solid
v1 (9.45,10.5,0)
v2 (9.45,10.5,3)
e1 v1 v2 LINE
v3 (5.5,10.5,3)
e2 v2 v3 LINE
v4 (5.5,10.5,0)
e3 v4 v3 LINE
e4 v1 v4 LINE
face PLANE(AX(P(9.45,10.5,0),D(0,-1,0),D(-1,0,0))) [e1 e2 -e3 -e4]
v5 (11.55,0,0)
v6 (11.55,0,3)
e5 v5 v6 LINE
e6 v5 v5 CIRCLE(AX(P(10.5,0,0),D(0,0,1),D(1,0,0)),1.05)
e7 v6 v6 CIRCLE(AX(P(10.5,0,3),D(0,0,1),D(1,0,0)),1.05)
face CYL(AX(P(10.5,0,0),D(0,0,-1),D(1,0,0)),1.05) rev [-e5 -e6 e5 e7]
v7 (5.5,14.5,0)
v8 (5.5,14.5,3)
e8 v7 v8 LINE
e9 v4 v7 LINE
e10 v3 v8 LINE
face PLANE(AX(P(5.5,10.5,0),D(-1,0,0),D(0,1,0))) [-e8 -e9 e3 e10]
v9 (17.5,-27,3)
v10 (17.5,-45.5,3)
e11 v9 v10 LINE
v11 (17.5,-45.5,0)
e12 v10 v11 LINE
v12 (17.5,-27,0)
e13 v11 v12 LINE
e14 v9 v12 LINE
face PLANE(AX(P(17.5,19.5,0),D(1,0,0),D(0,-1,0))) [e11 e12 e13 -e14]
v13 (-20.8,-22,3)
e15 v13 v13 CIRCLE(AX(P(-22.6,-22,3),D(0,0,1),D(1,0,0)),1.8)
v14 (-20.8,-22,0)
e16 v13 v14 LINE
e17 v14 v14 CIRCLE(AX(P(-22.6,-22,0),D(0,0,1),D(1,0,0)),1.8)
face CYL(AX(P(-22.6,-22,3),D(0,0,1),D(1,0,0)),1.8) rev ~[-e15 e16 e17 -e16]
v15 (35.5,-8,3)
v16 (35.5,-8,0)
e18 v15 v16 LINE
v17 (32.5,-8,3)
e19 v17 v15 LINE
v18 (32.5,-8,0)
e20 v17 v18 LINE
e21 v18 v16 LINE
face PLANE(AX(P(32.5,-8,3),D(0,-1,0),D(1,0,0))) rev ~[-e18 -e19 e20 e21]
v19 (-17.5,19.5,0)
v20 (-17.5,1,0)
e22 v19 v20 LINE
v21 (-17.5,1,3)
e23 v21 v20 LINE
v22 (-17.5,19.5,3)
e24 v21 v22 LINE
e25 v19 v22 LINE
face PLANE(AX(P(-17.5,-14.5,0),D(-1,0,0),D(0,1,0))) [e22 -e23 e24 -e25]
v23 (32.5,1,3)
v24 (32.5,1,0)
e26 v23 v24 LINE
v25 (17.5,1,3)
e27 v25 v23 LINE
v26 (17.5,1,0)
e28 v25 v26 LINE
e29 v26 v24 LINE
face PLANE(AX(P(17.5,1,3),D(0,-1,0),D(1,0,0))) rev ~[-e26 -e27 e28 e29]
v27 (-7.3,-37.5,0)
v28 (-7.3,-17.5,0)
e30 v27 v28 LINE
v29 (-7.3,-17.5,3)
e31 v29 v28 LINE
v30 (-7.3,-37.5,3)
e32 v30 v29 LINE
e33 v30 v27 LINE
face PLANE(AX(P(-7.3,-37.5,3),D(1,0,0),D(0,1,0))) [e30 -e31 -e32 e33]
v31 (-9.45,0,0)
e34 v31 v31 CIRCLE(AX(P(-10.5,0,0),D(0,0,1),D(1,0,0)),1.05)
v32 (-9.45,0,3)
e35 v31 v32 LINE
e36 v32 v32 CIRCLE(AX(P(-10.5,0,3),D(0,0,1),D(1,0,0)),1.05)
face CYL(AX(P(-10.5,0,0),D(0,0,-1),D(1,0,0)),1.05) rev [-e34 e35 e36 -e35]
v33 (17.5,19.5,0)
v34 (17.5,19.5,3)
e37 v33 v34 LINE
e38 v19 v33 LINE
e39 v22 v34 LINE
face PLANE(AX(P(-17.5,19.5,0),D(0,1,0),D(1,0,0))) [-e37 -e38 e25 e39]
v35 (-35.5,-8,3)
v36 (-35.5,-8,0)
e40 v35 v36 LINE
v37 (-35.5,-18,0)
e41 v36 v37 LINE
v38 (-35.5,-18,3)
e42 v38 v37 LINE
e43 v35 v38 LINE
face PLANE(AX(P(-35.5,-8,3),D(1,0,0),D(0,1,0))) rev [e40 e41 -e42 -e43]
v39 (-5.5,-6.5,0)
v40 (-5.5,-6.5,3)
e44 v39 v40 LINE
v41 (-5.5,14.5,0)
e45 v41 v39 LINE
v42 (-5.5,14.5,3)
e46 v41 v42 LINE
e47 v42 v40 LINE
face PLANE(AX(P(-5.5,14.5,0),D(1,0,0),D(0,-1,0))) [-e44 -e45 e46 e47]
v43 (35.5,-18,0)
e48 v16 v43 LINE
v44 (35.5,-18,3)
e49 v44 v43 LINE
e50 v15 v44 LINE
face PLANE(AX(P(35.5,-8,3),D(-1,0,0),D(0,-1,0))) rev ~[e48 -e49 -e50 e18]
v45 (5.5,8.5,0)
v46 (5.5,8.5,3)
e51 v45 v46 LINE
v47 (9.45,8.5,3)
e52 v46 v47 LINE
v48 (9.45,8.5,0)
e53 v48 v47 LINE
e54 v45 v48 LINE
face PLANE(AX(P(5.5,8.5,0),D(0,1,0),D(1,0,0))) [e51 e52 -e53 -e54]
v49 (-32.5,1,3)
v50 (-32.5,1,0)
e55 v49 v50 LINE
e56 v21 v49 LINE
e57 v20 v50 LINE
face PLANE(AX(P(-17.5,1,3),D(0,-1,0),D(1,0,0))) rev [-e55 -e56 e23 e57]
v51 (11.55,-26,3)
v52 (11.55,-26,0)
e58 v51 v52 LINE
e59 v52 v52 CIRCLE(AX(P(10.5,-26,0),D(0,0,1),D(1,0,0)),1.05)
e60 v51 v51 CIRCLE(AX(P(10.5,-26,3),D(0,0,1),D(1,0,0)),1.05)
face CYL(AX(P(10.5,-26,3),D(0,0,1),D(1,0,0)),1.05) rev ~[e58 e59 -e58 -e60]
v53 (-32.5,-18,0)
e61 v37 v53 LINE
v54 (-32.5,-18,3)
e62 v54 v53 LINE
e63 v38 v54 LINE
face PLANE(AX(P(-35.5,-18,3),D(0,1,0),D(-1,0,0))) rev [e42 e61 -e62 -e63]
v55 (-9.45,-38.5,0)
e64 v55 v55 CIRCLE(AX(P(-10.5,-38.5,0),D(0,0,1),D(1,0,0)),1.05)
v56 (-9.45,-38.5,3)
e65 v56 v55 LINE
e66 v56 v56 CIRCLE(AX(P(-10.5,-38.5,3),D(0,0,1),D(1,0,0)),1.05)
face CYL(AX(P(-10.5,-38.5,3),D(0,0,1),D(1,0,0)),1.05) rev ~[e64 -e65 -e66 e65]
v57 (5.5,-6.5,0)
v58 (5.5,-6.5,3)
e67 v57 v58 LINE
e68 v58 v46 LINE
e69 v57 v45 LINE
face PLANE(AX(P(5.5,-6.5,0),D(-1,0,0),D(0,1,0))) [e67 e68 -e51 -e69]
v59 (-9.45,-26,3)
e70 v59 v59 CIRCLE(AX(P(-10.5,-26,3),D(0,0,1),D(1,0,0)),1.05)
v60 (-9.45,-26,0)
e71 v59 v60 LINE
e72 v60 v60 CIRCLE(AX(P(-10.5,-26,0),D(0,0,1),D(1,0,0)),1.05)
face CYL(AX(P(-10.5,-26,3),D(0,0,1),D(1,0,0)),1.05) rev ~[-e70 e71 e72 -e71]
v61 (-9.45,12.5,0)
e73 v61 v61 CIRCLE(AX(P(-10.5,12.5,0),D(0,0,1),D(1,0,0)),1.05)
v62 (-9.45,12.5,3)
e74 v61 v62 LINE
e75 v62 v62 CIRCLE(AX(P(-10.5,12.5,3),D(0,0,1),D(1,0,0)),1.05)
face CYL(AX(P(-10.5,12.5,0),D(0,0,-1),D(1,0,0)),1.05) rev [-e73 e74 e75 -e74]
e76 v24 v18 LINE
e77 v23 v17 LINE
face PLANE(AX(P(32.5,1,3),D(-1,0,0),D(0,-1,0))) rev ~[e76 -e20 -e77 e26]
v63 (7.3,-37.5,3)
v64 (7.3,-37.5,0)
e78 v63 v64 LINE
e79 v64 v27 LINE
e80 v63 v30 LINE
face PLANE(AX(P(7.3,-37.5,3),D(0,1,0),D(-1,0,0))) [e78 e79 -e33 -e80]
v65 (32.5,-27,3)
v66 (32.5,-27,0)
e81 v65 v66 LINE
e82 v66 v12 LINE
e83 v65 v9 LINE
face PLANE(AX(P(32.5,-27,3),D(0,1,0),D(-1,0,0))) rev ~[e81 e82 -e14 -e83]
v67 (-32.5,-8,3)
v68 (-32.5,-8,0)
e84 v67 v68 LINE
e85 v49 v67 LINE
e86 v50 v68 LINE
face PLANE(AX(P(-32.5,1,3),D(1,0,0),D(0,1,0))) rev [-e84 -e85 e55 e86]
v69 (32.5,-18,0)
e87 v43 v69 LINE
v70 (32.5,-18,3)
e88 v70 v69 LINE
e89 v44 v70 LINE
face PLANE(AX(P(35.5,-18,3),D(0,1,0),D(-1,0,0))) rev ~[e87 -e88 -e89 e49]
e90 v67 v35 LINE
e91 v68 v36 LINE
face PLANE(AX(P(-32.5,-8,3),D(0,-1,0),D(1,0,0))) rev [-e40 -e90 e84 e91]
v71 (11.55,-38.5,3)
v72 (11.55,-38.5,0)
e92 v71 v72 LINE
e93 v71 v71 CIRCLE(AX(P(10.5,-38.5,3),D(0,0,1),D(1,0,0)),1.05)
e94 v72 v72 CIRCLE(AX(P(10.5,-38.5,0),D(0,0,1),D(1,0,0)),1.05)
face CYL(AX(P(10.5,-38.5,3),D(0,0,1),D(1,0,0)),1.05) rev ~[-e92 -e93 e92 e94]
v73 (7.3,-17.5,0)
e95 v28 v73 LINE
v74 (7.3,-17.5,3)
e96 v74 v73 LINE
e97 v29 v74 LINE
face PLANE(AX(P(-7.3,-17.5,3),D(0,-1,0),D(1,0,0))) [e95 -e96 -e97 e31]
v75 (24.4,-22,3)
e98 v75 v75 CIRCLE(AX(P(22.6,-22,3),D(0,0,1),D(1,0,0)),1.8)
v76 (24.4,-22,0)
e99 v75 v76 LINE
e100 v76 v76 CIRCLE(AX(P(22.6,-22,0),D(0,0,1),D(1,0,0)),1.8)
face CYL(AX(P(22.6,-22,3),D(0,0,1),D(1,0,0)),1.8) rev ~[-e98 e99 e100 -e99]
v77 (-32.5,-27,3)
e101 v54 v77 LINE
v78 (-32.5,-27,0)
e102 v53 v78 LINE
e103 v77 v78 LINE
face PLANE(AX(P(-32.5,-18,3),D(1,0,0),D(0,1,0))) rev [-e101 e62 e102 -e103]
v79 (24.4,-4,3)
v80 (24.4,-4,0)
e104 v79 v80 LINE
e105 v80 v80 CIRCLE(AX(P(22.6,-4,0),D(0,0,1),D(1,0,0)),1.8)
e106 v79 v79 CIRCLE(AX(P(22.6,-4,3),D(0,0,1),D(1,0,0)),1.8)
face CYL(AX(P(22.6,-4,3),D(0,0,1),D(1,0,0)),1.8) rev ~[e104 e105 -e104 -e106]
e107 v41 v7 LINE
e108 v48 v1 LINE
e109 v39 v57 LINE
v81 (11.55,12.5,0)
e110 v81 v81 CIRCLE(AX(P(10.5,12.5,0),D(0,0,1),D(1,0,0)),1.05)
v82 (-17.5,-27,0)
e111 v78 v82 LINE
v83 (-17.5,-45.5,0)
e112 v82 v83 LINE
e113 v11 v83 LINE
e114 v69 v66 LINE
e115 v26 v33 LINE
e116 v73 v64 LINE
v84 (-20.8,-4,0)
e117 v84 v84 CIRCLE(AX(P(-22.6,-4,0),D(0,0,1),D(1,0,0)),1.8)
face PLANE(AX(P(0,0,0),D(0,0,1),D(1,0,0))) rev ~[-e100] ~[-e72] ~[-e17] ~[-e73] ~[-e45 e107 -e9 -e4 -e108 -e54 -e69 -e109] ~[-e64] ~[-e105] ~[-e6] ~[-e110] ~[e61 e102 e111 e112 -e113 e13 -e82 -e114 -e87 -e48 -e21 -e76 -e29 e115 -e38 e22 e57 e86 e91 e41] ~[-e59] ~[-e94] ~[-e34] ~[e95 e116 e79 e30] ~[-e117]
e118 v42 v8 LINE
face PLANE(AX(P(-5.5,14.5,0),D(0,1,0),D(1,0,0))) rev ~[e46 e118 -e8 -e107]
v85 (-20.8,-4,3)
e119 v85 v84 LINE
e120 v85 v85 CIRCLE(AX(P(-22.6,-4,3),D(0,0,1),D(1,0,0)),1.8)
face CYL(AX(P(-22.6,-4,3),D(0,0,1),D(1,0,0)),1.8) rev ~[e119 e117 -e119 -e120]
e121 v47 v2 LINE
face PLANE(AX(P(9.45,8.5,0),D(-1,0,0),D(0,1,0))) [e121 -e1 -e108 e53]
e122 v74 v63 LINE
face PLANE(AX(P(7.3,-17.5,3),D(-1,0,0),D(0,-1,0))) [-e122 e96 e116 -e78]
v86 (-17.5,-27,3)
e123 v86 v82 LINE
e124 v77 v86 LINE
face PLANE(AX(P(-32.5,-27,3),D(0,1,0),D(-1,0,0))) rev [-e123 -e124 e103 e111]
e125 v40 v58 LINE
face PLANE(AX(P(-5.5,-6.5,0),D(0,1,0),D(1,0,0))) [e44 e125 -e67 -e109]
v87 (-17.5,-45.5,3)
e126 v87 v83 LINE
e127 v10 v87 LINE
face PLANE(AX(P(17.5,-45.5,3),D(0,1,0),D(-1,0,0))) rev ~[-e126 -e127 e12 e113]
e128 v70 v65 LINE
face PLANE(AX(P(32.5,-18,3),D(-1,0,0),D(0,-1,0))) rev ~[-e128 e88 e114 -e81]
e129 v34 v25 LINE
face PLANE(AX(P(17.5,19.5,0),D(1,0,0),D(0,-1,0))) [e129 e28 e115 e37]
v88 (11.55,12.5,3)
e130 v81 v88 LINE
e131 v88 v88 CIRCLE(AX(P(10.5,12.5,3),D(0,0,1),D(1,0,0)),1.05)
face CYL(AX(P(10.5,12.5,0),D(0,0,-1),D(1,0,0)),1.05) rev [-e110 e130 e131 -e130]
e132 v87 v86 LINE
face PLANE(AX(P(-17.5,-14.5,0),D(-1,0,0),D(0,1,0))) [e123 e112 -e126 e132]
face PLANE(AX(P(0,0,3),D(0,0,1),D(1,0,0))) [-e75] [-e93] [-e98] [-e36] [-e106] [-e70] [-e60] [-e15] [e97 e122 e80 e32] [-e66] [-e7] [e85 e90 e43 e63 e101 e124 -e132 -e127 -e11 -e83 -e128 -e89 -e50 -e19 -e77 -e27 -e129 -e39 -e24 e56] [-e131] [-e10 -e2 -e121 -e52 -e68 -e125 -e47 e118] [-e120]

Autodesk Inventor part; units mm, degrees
ref_plane "YZ Plane" through (0, 0, 0) normal (1, 0, 0) x (0, 1, 0)
ref_plane "XZ Plane" through (0, 0, 0) normal (0, 1, 0) x (-1, 0, 0)
ref_plane "XY Plane" through (0, 0, 0) normal (0, 0, 1) x (1, 0, 0)
sketch "Sketch1" plane through (0, 0, 0) normal (0, 0, 1) x (1, 0, 0)
  line L0 (-17.5, 19.5) -> (17.5, 19.5)
  line L1 (17.5, 19.5) -> (17.5, -14.5)
  line L2 (17.5, -14.5) -> (-17.5, -14.5)
  line L3 (-17.5, -14.5) -> (-17.5, 19.5)
  line L4 (-12.5, 14.5) -> (-12.5, -9.5) construction
  line L5 (12.5, 14.5) -> (-12.5, 14.5) construction
  line L6 (12.5, -9.5) -> (12.5, 14.5) construction
  line L7 (-12.5, -9.5) -> (12.5, -9.5) construction
  line L8 (8.7, 9.1) -> (8.7, 9.9) construction
  line L9 (8.7, 9.9) -> (7.48, 9.9) construction
  line L10 (7.48, 9.9) -> (7.48, 9.1) construction
  line L11 (7.48, 9.1) -> (8.7, 9.1) construction
  circle A0 centre (-10.5, 12.5) radius 1.05 projected
  circle A1 centre (-10.5, 0) radius 1.05 projected
  circle A2 centre (10.5, 12.5) radius 1.05 projected
  circle A3 centre (10.5, 0) radius 1.05 projected
  line L12 (-5.5, 14.5) -> (-5.5, -6.5)
  line L13 (-5.5, -6.5) -> (5.5, -6.5)
  line L14 (5.5, -6.5) -> (5.5, 8.5)
  line L15 (5.5, 8.5) -> (9.45, 8.5)
  line L16 (9.45, 8.5) -> (9.45, 10.5)
  line L17 (9.45, 10.5) -> (5.5, 10.5)
  line L18 (5.5, 10.5) -> (5.5, 14.5)
  line L19 (-5.5, 14.5) -> (5.5, 14.5)
  point P0 (0, 0)
  dimension "d0" = 5
  dimension "d1" = 5
  dimension "d2" = 35
  dimension "d3" = 5
  dimension "d4" = 5
  dimension "d5" = 7
  dimension "d6" = 7
  dimension "d7" = 3
  dimension "d8" = 18
  dimension "d9" = 3.05
  dimension "d10" = 4
extrude "Extrusion1" add sketch "Sketch1" along normal blind 3
sketch "Sketch2" plane through (0, 0, 3) normal (0, 0, 1) x (1, 0, 0)
  line L0 (-17.5, -14.5) -> (17.5, -14.5) construction
  line L1 (-17.5, 19.5) -> (-17.5, -14.5) construction
  line L2 (17.5, -14.5) -> (17.5, 19.5) construction
  line L3 (-17.5, -14.5) -> (17.5, -14.5)
  line L4 (17.5, -14.5) -> (17.5, -45.5)
  line L5 (17.5, -45.5) -> (-17.5, -45.5)
  line L6 (-17.5, -45.5) -> (-17.5, -14.5)
  line L7 (-12.5, -16.5) -> (-12.5, -40.5) construction
  line L8 (12.5, -40.5) -> (12.5, -16.5) construction
  line L9 (12.5, -16.5) -> (-12.5, -16.5) construction
  line L10 (-12.5, -40.5) -> (12.5, -40.5) construction
  line L11 (-7.3, -17.5) -> (7.3, -17.5)
  line L12 (7.3, -17.5) -> (7.3, -37.5)
  line L13 (7.3, -37.5) -> (-7.3, -37.5)
  line L14 (-7.3, -37.5) -> (-7.3, -17.5)
  circle A0 centre (-10.5, -26) radius 1.05 projected
  circle A1 centre (-10.5, -38.5) radius 1.05 projected
  circle A2 centre (10.5, -26) radius 1.05 projected
  circle A3 centre (10.5, -38.5) radius 1.05 projected
  point P0 (0, 0)
  dimension "d13" = 5
  dimension "d14" = 1
  dimension "d15" = 5.2
  dimension "d16" = 5.2
  dimension "d17" = 3
extrude "Extrusion2" add sketch "Sketch2" against normal blind 3
sketch "Sketch3" plane through (0, 0, 3) normal (0, 0, 1) x (1, 0, 0)
  line L0 (17.5, 19.5) -> (17.5, -45.5) projected
  line L1 (-17.5, 19.5) -> (-17.5, -45.5) projected
  line L2 (-17.5, -45.5) -> (-17.5, 19.5) construction
  line L3 (-17.5, -13) -> (17.5, -13) construction
  line L4 (17.5, 19.5) -> (17.5, -45.5) construction
  line L5 (17.5, 1) -> (32.5, 1)
  line L6 (32.5, 1) -> (32.5, -27)
  line L7 (32.5, -27) -> (17.5, -27)
  line L8 (17.5, -27) -> (17.5, 1)
  line L9 (32.5, -8) -> (35.5, -8)
  line L10 (35.5, -8) -> (35.5, -18)
  line L11 (35.5, -18) -> (32.5, -18)
  line L12 (32.5, -18) -> (32.5, -8)
  line L13 (17.5, -13) -> (35.5, -13) construction
  point P0 (0, 0)
  dimension "d20" = 15
  dimension "d21" = 14
  dimension "d22" = 14
  dimension "d23" = 3
  dimension "d24" = 5
  dimension "d25" = 5
extrude "Extrusion3" add sketch "Sketch3" against normal blind 3
ref_plane "Work Plane1" through (0, 19.5, 3) normal (1, 0, 0) x (0, 0, -1)
mirror "Mirror1" about plane through (0, 19.5, 3) normal (1, 0, 0) of "Extrusion3"
sketch "Sketch4" plane through (0, 0, 3) normal (0, 0, 1) x (1, 0, 0)
  circle A0 centre (22.6, -4) radius 1.8 projected
  circle A1 centre (22.6, -22) radius 1.8 projected
  circle A2 centre (-22.6, -22) radius 1.8 projected
  circle A3 centre (-22.6, -4) radius 1.8 projected
  point P0 (0, 0)
extrude "Extrusion4" cut sketch "Sketch4" against normal blind 14.1125
properties part number "Camera holder plate"
